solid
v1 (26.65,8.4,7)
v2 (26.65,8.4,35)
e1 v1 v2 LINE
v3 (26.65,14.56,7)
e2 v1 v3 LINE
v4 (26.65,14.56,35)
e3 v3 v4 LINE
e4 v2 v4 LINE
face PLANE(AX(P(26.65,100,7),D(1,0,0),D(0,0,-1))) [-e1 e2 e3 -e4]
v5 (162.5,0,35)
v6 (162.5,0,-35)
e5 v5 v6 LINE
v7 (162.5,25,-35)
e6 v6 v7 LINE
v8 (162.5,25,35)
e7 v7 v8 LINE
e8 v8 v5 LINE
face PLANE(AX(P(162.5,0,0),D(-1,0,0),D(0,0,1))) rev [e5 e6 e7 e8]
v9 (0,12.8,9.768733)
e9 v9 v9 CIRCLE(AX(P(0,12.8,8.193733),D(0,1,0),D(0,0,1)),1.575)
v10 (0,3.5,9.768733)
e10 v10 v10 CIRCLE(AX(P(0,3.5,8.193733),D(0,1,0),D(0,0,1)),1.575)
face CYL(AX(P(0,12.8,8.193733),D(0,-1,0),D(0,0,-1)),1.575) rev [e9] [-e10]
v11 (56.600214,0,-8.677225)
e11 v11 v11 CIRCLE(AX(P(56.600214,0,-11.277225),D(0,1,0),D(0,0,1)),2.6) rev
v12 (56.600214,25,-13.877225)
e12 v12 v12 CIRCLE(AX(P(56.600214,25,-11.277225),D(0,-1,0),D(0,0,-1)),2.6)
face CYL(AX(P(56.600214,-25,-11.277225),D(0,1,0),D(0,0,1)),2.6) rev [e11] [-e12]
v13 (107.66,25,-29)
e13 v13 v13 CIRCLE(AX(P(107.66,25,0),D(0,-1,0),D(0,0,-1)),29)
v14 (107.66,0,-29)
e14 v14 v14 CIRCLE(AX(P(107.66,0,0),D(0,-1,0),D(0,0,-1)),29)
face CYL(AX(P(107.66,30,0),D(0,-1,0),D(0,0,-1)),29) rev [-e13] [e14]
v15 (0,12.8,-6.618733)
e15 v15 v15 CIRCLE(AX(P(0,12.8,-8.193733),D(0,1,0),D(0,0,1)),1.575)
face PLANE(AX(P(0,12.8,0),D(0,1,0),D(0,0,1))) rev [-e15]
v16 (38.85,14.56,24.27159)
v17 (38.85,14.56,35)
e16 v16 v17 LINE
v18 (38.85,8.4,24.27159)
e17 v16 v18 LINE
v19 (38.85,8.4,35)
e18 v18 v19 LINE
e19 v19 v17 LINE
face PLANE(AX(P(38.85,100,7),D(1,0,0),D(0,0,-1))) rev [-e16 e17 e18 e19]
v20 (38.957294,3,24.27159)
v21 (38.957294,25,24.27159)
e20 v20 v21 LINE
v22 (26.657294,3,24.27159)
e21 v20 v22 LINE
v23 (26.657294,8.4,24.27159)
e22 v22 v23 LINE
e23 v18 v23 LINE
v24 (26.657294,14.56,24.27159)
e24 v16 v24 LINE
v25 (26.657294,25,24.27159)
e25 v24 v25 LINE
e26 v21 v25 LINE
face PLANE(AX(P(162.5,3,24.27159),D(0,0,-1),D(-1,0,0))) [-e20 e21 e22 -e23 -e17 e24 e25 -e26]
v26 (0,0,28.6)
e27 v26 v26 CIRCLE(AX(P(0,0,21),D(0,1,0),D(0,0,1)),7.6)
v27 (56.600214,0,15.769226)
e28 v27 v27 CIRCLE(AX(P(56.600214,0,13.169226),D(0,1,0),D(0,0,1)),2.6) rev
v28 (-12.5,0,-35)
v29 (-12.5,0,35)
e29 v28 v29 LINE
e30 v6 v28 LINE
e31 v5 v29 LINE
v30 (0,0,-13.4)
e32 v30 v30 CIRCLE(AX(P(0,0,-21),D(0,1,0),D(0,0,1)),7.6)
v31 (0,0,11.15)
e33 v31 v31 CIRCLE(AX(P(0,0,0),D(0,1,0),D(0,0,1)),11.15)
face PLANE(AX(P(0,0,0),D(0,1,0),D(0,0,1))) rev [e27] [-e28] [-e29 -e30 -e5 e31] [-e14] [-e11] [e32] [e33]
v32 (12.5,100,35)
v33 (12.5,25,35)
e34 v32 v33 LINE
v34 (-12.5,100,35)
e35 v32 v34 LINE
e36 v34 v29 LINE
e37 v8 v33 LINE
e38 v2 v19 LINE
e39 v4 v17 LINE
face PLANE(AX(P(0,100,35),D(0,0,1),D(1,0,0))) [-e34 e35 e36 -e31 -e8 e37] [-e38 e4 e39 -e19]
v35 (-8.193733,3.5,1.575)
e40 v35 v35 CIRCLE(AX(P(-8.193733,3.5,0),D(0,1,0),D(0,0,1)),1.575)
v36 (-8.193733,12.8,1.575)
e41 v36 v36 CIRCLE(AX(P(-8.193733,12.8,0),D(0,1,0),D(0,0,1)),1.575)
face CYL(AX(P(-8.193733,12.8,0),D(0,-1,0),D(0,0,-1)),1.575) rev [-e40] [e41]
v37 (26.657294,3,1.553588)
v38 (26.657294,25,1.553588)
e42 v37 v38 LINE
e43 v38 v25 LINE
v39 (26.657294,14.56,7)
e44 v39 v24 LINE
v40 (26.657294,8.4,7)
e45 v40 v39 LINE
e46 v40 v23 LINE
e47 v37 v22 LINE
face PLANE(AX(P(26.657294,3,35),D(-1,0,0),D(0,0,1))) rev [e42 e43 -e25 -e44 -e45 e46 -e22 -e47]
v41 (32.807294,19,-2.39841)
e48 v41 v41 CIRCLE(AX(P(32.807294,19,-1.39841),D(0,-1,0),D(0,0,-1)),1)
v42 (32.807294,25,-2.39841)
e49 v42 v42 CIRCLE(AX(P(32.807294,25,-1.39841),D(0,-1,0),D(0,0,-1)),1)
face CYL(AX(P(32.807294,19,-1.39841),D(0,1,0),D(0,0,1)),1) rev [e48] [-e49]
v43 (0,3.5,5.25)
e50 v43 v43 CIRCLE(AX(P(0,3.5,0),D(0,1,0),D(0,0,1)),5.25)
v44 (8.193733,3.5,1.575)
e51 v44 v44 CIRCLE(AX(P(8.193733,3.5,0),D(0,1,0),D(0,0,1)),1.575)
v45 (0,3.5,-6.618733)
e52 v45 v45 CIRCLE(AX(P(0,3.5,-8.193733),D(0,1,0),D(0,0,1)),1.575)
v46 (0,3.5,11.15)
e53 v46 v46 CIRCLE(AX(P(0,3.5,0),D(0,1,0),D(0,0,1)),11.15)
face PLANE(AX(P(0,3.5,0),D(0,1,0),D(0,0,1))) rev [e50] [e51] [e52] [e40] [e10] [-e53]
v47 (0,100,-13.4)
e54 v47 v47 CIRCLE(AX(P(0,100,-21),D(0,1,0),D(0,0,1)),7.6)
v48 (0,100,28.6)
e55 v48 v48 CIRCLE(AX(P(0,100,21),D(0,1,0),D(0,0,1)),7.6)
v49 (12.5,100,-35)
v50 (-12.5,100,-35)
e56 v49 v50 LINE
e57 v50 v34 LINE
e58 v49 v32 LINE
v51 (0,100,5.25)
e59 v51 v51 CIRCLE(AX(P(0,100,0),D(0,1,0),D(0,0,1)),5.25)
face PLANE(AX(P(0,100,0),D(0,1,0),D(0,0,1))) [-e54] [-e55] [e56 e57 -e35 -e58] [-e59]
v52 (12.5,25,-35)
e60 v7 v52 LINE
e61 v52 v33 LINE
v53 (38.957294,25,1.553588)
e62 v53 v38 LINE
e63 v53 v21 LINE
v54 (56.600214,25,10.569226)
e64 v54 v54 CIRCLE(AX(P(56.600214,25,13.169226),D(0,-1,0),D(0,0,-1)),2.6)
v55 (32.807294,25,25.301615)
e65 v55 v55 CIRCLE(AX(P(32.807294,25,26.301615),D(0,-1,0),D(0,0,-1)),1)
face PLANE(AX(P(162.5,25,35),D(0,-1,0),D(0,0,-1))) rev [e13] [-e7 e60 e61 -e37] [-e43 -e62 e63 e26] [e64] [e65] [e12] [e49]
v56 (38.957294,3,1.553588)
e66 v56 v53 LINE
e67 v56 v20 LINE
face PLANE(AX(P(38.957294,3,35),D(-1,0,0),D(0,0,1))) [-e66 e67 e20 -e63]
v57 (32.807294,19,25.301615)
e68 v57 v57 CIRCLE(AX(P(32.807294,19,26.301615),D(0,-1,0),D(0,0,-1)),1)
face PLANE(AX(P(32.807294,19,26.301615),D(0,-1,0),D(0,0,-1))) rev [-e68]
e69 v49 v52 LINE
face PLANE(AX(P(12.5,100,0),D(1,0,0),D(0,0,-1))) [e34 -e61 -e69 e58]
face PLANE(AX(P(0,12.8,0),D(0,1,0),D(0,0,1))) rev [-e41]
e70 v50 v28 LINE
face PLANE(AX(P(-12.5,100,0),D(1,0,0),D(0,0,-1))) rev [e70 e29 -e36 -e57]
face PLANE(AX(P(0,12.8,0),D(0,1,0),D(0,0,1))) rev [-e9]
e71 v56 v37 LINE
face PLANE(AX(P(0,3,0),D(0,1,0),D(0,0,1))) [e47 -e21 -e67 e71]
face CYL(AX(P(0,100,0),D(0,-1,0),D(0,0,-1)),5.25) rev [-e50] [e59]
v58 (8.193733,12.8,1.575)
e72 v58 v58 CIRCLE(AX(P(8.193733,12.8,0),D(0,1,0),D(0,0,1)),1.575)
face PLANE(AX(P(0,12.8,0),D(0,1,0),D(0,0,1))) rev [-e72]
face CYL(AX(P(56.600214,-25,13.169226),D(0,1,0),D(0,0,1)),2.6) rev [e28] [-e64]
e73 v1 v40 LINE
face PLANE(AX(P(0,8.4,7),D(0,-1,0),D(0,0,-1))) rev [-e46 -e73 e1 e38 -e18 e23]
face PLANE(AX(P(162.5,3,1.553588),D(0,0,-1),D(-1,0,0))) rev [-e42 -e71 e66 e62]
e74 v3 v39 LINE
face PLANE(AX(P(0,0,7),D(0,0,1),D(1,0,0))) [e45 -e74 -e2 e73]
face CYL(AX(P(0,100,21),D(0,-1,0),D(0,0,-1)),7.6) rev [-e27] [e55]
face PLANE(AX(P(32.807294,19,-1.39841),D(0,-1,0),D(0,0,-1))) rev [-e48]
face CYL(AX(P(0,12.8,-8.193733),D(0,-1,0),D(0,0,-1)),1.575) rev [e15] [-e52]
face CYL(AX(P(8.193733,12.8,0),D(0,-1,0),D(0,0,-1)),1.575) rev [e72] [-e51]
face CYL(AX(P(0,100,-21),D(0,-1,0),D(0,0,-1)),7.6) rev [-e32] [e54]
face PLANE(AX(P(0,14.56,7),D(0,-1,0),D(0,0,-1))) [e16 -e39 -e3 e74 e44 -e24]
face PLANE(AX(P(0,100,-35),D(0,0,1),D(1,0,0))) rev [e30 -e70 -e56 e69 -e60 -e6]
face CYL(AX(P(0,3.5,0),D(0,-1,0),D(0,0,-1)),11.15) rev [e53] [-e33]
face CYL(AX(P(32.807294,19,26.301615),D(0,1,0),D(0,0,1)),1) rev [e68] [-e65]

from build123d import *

# Parameters (mm, degrees)
SKETCH1_W               = 25
SKETCH1_H               = 70
SKETCH1_R               = 7.6
SKETCH1_R_2             = 5.25
BOSS_EXTRUDE2_DEPTH     = 100
SKETCH1_12_R            = 1.575
CUT_EXTRUDE5_DEPTH      = 12.8
SKETCH1_27_R            = 11.15
CORTAR_EXTRUIR1_DEPTH   = 3.5
CROQUIS1_W              = 70
CROQUIS1_H              = 25
SALIENTE_EXTRUIR1_DEPTH = 150
CROQUIS4_R              = 29
CORTAR_EXTRUIR2_DEPTH   = 30
CUT_EXTRUDE6_START      = -25
CROQUIS4_3_W            = 12.3
CROQUIS4_3_H            = 22.718001441
CUT_EXTRUDE6_DEPTH      = 22
CUT_EXTRUDE7_START      = -25
CROQUIS4_4_R            = 1
CUT_EXTRUDE7_DEPTH      = 6
SKETCH2_W               = 12.2
SKETCH2_H               = 6.16
CUT_EXTRUDE11_DEPTH     = 28
CROQUIS5_R              = 2.6
CORTAR_EXTRUIR3_DEPTH   = 50


with BuildPart() as part:
    # Sketch1 → Boss-Extrude2 (new body)
    with BuildSketch(Plane(origin=(0, 0, 0), x_dir=(1, 0, 0), z_dir=(0, 1, 0))):
        Rectangle(SKETCH1_W, SKETCH1_H)
        with Locations((0, 21)):
            Circle(SKETCH1_R, mode=Mode.SUBTRACT)
        with Locations((0, -21)):
            Circle(SKETCH1_R, mode=Mode.SUBTRACT)
        Circle(SKETCH1_R_2, mode=Mode.SUBTRACT)
    extrude(amount=BOSS_EXTRUDE2_DEPTH)

    # Sketch1<12> → Cut-Extrude5 (cut)
    with BuildSketch(Plane(origin=(0, 0, 0), x_dir=(1, 0, 0), z_dir=(0, 1, 0))):
        with Locations((0, 8.193732966)):
            Circle(SKETCH1_12_R)
        with Locations((8.193732966, 0)):
            Circle(SKETCH1_12_R)
        with Locations((0, -8.193732966)):
            Circle(SKETCH1_12_R)
        with Locations((-8.193732966, 0)):
            Circle(SKETCH1_12_R)
    extrude(amount=CUT_EXTRUDE5_DEPTH, mode=Mode.SUBTRACT)

    # Sketch1<27> → Cortar-Extruir1 (cut)
    with BuildSketch(Plane(origin=(0, 0, 0), x_dir=(1, 0, 0), z_dir=(0, 1, 0))):
        Circle(SKETCH1_27_R)
    extrude(amount=CORTAR_EXTRUIR1_DEPTH, mode=Mode.SUBTRACT)

    # Croquis1 → Saliente-Extruir1 (add)
    with BuildSketch(Plane(origin=(12.5, 0, 0), x_dir=(0, 0, -1), z_dir=(1, 0, 0))):
        with Locations((0, 12.5)):
            Rectangle(CROQUIS1_W, CROQUIS1_H)
    extrude(amount=SALIENTE_EXTRUIR1_DEPTH)

    # Croquis4 → Cortar-Extruir2 (cut)
    with BuildSketch(Plane.XZ):
        with Locations((107.66, 0)):
            Circle(CROQUIS4_R)
    extrude(amount=-CORTAR_EXTRUIR2_DEPTH, mode=Mode.SUBTRACT)

    # Croquis4<3> → Cut-Extrude6 (cut)
    with BuildSketch(Plane.XZ.offset(CUT_EXTRUDE6_START)):
        with Locations((32.807294184, 12.912589049)):
            Rectangle(CROQUIS4_3_W, CROQUIS4_3_H)
    extrude(amount=CUT_EXTRUDE6_DEPTH, mode=Mode.SUBTRACT)

    # Croquis4<4> → Cut-Extrude7 (cut)
    with BuildSketch(Plane.XZ.offset(CUT_EXTRUDE7_START)):
        with Locations((32.807294184, -1.398410231)):
            Circle(CROQUIS4_4_R)
        with Locations((32.807294184, 26.301614952)):
            Circle(CROQUIS4_4_R)
    extrude(amount=CUT_EXTRUDE7_DEPTH, mode=Mode.SUBTRACT)

    # Sketch2 → Cut-Extrude11 (cut)
    with BuildSketch(Plane.XY.offset(35)):
        with Locations((32.75, 11.48)):
            Rectangle(SKETCH2_W, SKETCH2_H)
    extrude(amount=-CUT_EXTRUDE11_DEPTH, mode=Mode.SUBTRACT)

    # Croquis5 → Cortar-Extruir3 (cut)
    with BuildSketch(Plane(origin=(0, 25, 0), x_dir=(1, 0, 0), z_dir=(0, 1, 0))):
        with Locations((56.60021437, -13.16922633)):
            Circle(CROQUIS5_R)
        with Locations((56.60021437, 11.27722458)):
            Circle(CROQUIS5_R)
    extrude(amount=-CORTAR_EXTRUIR3_DEPTH, mode=Mode.SUBTRACT)


solid = part.part
